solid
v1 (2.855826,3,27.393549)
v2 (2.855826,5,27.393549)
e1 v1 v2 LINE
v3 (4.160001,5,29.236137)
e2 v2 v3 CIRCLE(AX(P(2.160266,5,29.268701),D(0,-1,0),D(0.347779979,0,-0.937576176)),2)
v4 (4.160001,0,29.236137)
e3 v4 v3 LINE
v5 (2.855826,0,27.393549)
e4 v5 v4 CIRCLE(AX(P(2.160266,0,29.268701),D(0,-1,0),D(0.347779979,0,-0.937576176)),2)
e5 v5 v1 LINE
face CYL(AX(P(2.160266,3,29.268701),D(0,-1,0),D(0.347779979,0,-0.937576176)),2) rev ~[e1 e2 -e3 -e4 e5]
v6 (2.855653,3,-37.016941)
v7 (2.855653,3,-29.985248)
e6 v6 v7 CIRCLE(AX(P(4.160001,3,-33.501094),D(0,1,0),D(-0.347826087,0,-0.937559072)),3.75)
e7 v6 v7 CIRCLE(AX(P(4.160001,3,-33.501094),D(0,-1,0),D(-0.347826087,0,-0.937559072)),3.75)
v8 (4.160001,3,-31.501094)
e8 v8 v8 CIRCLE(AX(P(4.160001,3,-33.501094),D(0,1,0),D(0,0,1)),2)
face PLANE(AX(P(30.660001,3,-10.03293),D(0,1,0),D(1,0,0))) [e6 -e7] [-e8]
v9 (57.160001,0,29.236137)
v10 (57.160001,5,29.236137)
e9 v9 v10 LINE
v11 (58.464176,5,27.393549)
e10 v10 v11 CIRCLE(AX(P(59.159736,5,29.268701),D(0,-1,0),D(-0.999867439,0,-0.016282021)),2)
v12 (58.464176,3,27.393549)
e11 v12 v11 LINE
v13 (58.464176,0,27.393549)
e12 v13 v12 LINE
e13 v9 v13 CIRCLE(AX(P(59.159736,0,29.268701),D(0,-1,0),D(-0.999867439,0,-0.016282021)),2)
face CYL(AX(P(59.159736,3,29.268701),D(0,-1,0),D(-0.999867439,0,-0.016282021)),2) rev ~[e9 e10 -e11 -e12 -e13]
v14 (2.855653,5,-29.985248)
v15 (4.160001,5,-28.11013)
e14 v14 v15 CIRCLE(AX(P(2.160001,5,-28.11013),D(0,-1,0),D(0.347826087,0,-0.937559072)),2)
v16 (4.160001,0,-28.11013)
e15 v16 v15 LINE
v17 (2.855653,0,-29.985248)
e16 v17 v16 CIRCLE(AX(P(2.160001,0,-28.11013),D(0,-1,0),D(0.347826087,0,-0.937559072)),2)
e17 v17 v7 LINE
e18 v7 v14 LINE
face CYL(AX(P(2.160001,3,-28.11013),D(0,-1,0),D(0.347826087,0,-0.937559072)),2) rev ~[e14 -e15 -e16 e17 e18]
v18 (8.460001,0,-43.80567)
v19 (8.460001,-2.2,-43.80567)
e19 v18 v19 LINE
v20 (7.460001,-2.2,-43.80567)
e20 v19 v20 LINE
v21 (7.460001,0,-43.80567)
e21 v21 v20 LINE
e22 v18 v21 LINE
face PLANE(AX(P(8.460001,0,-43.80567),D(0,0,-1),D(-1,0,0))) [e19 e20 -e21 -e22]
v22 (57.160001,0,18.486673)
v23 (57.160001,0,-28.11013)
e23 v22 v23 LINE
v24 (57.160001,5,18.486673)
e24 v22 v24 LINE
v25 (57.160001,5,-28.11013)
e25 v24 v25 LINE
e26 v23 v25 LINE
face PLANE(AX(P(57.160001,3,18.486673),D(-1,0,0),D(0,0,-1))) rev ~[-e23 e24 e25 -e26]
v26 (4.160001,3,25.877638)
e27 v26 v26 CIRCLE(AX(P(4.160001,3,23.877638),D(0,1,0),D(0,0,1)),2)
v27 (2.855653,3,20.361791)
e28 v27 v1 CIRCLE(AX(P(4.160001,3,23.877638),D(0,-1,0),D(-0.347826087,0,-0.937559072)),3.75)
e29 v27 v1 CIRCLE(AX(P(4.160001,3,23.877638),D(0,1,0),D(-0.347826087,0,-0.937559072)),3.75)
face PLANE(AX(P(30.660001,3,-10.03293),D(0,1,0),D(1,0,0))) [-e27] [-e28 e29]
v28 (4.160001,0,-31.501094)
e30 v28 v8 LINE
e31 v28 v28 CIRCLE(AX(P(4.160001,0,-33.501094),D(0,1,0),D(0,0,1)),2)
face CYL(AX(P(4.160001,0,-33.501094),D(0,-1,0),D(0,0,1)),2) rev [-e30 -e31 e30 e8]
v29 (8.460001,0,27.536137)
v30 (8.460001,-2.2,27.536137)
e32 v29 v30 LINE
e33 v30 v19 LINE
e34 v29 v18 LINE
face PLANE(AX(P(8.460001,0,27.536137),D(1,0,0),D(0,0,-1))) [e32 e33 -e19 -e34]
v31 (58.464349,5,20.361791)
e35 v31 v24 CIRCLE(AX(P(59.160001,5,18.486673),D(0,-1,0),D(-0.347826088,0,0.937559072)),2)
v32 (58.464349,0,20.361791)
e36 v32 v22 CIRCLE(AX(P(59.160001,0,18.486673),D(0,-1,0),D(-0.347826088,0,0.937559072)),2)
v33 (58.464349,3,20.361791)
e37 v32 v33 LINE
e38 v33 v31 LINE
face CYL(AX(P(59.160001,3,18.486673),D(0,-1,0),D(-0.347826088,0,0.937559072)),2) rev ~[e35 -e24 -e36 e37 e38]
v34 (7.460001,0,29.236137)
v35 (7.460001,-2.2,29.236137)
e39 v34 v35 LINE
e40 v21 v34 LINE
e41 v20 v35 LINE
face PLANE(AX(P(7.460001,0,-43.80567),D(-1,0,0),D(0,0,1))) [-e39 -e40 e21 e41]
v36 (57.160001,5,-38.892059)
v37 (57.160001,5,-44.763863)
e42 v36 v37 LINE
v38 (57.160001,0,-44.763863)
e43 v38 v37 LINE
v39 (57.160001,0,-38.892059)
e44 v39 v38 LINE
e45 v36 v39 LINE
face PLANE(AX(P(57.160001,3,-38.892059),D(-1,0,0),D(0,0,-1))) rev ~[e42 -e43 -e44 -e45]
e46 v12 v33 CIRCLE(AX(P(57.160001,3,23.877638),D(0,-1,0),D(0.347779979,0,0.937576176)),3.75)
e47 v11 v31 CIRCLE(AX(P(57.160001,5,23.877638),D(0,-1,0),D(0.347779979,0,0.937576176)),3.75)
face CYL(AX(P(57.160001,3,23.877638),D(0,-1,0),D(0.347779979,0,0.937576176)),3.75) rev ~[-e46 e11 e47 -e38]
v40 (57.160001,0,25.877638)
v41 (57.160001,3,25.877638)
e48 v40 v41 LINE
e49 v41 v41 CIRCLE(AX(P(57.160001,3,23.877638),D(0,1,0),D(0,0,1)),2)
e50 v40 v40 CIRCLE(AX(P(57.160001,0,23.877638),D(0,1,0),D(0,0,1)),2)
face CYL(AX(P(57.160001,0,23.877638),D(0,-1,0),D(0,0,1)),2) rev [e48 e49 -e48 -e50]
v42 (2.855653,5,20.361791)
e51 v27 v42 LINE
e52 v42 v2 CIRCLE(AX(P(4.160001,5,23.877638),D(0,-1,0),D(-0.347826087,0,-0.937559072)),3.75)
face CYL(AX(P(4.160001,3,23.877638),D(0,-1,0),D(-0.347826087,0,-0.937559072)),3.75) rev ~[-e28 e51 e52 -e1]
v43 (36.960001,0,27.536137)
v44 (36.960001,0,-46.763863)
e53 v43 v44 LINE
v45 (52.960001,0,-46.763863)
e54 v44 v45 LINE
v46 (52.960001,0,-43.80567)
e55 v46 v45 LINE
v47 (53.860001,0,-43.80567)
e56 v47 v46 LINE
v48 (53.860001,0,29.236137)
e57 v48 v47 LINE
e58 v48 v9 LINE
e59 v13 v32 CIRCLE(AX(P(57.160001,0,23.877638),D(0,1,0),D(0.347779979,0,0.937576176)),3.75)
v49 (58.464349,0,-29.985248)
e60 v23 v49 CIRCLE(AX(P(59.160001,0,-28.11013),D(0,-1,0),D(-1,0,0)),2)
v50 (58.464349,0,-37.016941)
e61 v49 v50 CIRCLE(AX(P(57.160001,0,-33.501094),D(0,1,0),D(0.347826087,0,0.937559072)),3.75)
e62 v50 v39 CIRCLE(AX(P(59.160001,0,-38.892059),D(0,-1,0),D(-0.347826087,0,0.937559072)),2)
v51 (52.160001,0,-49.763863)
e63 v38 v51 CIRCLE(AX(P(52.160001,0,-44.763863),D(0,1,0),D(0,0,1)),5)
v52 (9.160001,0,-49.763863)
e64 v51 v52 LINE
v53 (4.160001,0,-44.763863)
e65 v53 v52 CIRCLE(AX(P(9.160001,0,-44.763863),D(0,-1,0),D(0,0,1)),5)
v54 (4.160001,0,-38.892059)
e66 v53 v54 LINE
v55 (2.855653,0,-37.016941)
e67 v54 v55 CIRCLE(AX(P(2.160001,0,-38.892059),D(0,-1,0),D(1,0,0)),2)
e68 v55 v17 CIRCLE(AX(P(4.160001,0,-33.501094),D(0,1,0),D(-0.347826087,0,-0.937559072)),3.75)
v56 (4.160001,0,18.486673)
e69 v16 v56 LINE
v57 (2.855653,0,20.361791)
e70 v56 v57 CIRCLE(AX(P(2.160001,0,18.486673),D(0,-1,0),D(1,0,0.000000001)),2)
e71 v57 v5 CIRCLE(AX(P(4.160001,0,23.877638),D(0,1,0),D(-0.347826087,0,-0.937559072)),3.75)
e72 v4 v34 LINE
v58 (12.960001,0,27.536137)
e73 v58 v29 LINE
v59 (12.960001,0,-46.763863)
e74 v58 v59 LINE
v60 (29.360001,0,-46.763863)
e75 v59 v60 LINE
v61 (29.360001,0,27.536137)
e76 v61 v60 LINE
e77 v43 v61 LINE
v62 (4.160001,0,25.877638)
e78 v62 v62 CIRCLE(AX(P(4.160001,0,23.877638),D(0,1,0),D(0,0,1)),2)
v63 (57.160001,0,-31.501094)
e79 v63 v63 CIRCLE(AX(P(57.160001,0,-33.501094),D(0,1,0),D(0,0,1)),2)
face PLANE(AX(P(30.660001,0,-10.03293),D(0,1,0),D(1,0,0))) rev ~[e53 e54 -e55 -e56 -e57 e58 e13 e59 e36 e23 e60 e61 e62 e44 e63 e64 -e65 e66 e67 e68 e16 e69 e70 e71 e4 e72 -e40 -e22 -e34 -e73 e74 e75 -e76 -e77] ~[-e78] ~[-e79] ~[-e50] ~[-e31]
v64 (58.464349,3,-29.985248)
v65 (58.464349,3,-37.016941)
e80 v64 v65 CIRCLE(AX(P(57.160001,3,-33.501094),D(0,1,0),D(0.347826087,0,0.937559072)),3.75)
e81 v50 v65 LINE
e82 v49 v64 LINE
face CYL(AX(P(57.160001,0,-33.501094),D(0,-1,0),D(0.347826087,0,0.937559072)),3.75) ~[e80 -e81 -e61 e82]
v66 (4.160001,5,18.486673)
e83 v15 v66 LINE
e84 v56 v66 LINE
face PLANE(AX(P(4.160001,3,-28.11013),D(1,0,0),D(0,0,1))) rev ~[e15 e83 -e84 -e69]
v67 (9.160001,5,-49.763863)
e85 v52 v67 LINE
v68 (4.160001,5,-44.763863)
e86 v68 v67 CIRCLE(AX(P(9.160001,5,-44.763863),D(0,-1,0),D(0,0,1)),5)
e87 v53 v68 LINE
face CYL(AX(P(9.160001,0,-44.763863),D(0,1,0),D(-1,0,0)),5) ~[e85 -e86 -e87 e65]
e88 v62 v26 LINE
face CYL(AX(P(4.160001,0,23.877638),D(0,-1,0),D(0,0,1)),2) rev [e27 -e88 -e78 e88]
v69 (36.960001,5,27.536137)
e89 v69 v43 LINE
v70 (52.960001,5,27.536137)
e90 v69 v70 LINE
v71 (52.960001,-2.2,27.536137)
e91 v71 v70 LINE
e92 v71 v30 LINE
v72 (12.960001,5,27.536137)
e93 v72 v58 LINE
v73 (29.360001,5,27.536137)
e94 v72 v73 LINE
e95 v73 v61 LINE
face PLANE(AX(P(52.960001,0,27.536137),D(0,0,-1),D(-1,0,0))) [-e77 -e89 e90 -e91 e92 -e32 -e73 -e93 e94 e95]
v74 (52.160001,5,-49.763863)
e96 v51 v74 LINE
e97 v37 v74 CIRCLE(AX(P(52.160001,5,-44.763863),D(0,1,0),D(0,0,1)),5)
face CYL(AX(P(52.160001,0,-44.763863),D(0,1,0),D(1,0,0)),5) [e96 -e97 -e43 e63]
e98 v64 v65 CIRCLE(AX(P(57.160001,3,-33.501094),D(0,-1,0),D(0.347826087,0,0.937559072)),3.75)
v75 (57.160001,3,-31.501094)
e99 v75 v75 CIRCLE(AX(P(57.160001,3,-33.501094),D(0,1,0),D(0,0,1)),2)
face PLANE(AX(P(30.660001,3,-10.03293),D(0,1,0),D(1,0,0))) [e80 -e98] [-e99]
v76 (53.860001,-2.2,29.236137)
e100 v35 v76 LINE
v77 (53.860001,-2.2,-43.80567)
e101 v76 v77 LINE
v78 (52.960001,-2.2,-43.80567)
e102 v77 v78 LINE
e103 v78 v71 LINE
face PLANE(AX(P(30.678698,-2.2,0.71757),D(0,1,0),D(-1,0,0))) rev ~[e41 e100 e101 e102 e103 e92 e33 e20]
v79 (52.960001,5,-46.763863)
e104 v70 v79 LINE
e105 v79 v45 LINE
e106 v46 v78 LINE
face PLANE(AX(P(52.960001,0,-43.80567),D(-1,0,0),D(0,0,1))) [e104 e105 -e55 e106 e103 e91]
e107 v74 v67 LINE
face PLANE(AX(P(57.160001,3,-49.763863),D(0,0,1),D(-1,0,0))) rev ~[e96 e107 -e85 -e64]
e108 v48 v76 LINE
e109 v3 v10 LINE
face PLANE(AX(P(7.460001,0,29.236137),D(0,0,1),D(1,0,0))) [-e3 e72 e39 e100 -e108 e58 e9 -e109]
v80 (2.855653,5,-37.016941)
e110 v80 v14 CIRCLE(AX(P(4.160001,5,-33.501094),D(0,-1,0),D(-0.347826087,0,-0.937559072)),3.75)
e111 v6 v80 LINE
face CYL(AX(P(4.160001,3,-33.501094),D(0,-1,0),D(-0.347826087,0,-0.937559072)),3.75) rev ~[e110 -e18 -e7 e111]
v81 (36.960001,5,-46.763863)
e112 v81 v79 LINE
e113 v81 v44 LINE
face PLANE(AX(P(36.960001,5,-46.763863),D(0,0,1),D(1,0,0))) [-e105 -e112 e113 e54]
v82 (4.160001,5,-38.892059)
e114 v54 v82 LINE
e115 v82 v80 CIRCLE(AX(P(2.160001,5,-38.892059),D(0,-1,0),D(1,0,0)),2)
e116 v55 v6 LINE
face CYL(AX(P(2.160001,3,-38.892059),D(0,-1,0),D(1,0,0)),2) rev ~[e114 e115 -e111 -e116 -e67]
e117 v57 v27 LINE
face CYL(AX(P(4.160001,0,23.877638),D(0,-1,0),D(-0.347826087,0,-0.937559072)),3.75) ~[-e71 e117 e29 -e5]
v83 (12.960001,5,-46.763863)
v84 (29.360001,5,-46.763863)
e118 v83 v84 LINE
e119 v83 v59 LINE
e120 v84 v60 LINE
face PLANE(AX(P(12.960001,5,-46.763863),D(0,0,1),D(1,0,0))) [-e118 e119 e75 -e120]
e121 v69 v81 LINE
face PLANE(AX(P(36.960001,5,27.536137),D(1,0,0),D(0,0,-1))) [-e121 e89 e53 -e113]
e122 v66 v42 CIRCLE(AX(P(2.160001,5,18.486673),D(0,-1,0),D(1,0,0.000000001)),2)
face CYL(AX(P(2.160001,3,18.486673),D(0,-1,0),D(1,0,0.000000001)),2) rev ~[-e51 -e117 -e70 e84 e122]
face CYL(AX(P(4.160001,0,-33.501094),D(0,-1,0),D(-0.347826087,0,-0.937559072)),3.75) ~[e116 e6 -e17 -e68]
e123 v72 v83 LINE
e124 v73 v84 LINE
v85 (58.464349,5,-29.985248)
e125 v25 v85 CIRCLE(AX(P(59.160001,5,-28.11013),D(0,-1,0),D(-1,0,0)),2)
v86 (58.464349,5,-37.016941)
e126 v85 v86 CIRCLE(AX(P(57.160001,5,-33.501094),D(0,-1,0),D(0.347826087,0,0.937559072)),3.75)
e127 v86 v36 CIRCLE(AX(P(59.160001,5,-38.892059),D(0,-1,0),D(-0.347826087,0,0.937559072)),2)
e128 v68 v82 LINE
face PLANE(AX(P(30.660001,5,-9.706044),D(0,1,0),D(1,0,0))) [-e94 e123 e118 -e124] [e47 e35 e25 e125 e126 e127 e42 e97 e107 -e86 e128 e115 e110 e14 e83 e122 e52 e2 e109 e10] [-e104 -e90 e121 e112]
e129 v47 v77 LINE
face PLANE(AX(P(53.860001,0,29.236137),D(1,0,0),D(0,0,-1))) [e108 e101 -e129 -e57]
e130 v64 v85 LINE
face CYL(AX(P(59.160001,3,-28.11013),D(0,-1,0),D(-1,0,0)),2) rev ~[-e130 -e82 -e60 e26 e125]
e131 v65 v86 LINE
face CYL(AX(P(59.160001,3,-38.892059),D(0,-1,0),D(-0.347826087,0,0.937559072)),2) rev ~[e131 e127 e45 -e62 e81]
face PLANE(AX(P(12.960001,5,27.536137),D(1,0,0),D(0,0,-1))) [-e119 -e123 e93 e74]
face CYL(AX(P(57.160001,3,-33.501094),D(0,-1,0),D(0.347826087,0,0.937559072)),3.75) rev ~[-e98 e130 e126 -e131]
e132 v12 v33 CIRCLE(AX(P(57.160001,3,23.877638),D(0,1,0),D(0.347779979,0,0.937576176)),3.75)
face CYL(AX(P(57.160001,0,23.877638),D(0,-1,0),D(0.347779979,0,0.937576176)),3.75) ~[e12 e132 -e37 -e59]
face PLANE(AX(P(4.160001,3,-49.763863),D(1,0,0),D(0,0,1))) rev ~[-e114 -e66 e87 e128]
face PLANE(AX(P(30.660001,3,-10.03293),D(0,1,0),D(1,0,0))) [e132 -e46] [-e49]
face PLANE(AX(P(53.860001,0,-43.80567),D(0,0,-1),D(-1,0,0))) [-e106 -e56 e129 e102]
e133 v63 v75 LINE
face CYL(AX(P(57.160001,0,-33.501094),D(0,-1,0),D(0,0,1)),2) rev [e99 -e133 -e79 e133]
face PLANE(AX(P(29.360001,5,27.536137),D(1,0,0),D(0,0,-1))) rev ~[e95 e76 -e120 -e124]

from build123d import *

# Parameters (mm, degrees)
SKETCH2_R           = 2
BOSS_EXTRUDE1_DEPTH = 3
BOSS_EXTRUDE2_DEPTH = 2
FILLET1_R           = 5
SKETCH4_W           = 16
SKETCH4_H           = 74.3
SKETCH4_W_2         = 16.4
CUT_EXTRUDE1_DEPTH  = 10
BOSS_EXTRUDE3_DEPTH = 2.2


with BuildPart() as part:
    # Sketch2 → Boss-Extrude1 (new body)
    with BuildSketch(Plane(origin=(0, 0, 0), x_dir=(1, 0, 0), z_dir=(0, 1, 0))):
        with BuildLine():
            Line((57.160001108, 49.763863032), (4.160001108, 49.763863032))
            Line((4.160001108, 49.763863032), (4.160001108, 38.892058935))
            ThreePointArc((4.160001108, 38.892058935), (3.801845246, 37.749978453), (2.855653282, 37.016940791))
            ThreePointArc((2.855653282, 37.016940791), (0.410001108, 33.501094271), (2.855653282, 29.985247752))
            ThreePointArc((2.855653282, 29.985247752), (3.801845246, 29.25221009), (4.160001108, 28.110129608))
            Line((4.160001108, 28.110129608), (4.160001108, -18.486673333))
            ThreePointArc((4.160001108, -18.486673333), (3.801845246, -19.628753814), (2.855653282, -20.361791477))
            ThreePointArc((2.855653282, -20.361791477), (0.410001109, -23.877730206), (2.855826188, -27.393548657))
            ThreePointArc((2.855826188, -27.393548657), (3.792729548, -28.113251523), (4.160001108, -29.236136968))
            Line((4.160001108, -29.236136968), (7.160001108, -29.236136968))
            Line((7.160001108, -29.236136968), (54.160001108, -29.236136968))
            Line((54.160001108, -29.236136968), (57.160001108, -29.236136968))
            ThreePointArc((57.160001108, -29.236136968), (57.527272669, -28.113251523), (58.464176029, -27.393548657))
            ThreePointArc((58.464176029, -27.393548657), (60.910001107, -23.877730206), (58.464348934, -20.361791477))
            ThreePointArc((58.464348934, -20.361791477), (57.51815697, -19.628753814), (57.160001108, -18.486673333))
            Line((57.160001108, -18.486673333), (57.160001108, 28.110129608))
            ThreePointArc((57.160001108, 28.110129608), (57.51815697, 29.25221009), (58.464348934, 29.985247752))
            ThreePointArc((58.464348934, 29.985247752), (60.910001108, 33.501094271), (58.464348934, 37.016940791))
            ThreePointArc((58.464348934, 37.016940791), (57.51815697, 37.749978453), (57.160001108, 38.892058935))
            Line((57.160001108, 38.892058935), (57.160001108, 49.763863032))
        make_face()
        with Locations(Location((4.160001108, 33.501094271, 0), (0, 0, 270))):
            Circle(SKETCH2_R, mode=Mode.SUBTRACT)
        with Locations(Location((57.160001108, 33.501094271, 0), (0, 0, 270))):
            Circle(SKETCH2_R, mode=Mode.SUBTRACT)
        with Locations(Location((57.160001108, -23.877637996, 0), (0, 0, 270))):
            Circle(SKETCH2_R, mode=Mode.SUBTRACT)
        with Locations(Location((4.160001108, -23.877637996, 0), (0, 0, 270))):
            Circle(SKETCH2_R, mode=Mode.SUBTRACT)
    extrude(amount=BOSS_EXTRUDE1_DEPTH)

    # Sketch3 → Boss-Extrude2 (add)
    with BuildSketch(Plane(origin=(0, 3, 0), x_dir=(1, 0, 0), z_dir=(0, 1, 0))):
        with BuildLine():
            Line((57.160001108, 38.892058935), (57.160001108, 49.763863032))
            Line((57.160001108, 49.763863032), (4.160001108, 49.763863032))
            Line((4.160001108, 49.763863032), (4.160001108, 38.892058935))
            ThreePointArc((4.160001108, 38.892058935), (3.801845246, 37.749978453), (2.855653282, 37.016940791))
            ThreePointArc((2.855653282, 37.016940791), (7.910001108, 33.501094271), (2.855653282, 29.985247752))
            ThreePointArc((2.855653282, 29.985247752), (3.801845246, 29.25221009), (4.160001108, 28.110129608))
            Line((4.160001108, 28.110129608), (4.160001108, -18.486673333))
            ThreePointArc((4.160001108, -18.486673333), (3.801845246, -19.628753814), (2.855653282, -20.361791477))
            ThreePointArc((2.855653282, -20.361791477), (7.910001107, -23.877545787), (2.855826188, -27.393548657))
            ThreePointArc((2.855826188, -27.393548657), (3.792729548, -28.113251523), (4.160001108, -29.236136968))
            Line((4.160001108, -29.236136968), (57.160001108, -29.236136968))
            ThreePointArc((57.160001108, -29.236136968), (57.527272669, -28.113251523), (58.464176029, -27.393548657))
            ThreePointArc((58.464176029, -27.393548657), (53.410001109, -23.877545787), (58.464348934, -20.361791477))
            ThreePointArc((58.464348934, -20.361791477), (57.51815697, -19.628753814), (57.160001108, -18.486673333))
            Line((57.160001108, -18.486673333), (57.160001108, 28.110129608))
            ThreePointArc((57.160001108, 28.110129608), (57.51815697, 29.25221009), (58.464348934, 29.985247752))
            ThreePointArc((58.464348934, 29.985247752), (53.410001108, 33.501094271), (58.464348934, 37.016940791))
            ThreePointArc((58.464348934, 37.016940791), (57.51815697, 37.749978453), (57.160001108, 38.892058935))
        make_face()
    extrude(amount=BOSS_EXTRUDE2_DEPTH)

    # Fillet1
    fillet1_edges = [part.edges().sort_by_distance(p)[0] for p in [
        (4.160001108, 2.5, -49.763863032),
        (57.160001108, 2.5, -49.763863032),
    ]]
    fillet(fillet1_edges, radius=FILLET1_R)

    # Sketch4 → Cut-Extrude1 (cut)
    with BuildSketch(Plane(origin=(0, 5, 0), x_dir=(1, 0, 0), z_dir=(0, 1, 0))):
        with Locations((44.960001108, 9.613863032)):
            Rectangle(SKETCH4_W, SKETCH4_H)
        with Locations((21.160001108, 9.613863032)):
            Rectangle(SKETCH4_W_2, SKETCH4_H)
    extrude(amount=-CUT_EXTRUDE1_DEPTH, mode=Mode.SUBTRACT)

    # Sketch7 → Boss-Extrude3 (add)
    with BuildSketch(Plane.XZ):
        Polygon((53.860001108, 29.236136968), (53.860001108, -43.805670275), (52.960001108, -43.805670275), (52.960001108, 27.536136968), (8.460001108, 27.536136968), (8.460001108, -43.805670275), (7.460001108, -43.805670275), (7.460001108, 29.236136968), align=None)
    extrude(amount=BOSS_EXTRUDE3_DEPTH)


solid = part.part
